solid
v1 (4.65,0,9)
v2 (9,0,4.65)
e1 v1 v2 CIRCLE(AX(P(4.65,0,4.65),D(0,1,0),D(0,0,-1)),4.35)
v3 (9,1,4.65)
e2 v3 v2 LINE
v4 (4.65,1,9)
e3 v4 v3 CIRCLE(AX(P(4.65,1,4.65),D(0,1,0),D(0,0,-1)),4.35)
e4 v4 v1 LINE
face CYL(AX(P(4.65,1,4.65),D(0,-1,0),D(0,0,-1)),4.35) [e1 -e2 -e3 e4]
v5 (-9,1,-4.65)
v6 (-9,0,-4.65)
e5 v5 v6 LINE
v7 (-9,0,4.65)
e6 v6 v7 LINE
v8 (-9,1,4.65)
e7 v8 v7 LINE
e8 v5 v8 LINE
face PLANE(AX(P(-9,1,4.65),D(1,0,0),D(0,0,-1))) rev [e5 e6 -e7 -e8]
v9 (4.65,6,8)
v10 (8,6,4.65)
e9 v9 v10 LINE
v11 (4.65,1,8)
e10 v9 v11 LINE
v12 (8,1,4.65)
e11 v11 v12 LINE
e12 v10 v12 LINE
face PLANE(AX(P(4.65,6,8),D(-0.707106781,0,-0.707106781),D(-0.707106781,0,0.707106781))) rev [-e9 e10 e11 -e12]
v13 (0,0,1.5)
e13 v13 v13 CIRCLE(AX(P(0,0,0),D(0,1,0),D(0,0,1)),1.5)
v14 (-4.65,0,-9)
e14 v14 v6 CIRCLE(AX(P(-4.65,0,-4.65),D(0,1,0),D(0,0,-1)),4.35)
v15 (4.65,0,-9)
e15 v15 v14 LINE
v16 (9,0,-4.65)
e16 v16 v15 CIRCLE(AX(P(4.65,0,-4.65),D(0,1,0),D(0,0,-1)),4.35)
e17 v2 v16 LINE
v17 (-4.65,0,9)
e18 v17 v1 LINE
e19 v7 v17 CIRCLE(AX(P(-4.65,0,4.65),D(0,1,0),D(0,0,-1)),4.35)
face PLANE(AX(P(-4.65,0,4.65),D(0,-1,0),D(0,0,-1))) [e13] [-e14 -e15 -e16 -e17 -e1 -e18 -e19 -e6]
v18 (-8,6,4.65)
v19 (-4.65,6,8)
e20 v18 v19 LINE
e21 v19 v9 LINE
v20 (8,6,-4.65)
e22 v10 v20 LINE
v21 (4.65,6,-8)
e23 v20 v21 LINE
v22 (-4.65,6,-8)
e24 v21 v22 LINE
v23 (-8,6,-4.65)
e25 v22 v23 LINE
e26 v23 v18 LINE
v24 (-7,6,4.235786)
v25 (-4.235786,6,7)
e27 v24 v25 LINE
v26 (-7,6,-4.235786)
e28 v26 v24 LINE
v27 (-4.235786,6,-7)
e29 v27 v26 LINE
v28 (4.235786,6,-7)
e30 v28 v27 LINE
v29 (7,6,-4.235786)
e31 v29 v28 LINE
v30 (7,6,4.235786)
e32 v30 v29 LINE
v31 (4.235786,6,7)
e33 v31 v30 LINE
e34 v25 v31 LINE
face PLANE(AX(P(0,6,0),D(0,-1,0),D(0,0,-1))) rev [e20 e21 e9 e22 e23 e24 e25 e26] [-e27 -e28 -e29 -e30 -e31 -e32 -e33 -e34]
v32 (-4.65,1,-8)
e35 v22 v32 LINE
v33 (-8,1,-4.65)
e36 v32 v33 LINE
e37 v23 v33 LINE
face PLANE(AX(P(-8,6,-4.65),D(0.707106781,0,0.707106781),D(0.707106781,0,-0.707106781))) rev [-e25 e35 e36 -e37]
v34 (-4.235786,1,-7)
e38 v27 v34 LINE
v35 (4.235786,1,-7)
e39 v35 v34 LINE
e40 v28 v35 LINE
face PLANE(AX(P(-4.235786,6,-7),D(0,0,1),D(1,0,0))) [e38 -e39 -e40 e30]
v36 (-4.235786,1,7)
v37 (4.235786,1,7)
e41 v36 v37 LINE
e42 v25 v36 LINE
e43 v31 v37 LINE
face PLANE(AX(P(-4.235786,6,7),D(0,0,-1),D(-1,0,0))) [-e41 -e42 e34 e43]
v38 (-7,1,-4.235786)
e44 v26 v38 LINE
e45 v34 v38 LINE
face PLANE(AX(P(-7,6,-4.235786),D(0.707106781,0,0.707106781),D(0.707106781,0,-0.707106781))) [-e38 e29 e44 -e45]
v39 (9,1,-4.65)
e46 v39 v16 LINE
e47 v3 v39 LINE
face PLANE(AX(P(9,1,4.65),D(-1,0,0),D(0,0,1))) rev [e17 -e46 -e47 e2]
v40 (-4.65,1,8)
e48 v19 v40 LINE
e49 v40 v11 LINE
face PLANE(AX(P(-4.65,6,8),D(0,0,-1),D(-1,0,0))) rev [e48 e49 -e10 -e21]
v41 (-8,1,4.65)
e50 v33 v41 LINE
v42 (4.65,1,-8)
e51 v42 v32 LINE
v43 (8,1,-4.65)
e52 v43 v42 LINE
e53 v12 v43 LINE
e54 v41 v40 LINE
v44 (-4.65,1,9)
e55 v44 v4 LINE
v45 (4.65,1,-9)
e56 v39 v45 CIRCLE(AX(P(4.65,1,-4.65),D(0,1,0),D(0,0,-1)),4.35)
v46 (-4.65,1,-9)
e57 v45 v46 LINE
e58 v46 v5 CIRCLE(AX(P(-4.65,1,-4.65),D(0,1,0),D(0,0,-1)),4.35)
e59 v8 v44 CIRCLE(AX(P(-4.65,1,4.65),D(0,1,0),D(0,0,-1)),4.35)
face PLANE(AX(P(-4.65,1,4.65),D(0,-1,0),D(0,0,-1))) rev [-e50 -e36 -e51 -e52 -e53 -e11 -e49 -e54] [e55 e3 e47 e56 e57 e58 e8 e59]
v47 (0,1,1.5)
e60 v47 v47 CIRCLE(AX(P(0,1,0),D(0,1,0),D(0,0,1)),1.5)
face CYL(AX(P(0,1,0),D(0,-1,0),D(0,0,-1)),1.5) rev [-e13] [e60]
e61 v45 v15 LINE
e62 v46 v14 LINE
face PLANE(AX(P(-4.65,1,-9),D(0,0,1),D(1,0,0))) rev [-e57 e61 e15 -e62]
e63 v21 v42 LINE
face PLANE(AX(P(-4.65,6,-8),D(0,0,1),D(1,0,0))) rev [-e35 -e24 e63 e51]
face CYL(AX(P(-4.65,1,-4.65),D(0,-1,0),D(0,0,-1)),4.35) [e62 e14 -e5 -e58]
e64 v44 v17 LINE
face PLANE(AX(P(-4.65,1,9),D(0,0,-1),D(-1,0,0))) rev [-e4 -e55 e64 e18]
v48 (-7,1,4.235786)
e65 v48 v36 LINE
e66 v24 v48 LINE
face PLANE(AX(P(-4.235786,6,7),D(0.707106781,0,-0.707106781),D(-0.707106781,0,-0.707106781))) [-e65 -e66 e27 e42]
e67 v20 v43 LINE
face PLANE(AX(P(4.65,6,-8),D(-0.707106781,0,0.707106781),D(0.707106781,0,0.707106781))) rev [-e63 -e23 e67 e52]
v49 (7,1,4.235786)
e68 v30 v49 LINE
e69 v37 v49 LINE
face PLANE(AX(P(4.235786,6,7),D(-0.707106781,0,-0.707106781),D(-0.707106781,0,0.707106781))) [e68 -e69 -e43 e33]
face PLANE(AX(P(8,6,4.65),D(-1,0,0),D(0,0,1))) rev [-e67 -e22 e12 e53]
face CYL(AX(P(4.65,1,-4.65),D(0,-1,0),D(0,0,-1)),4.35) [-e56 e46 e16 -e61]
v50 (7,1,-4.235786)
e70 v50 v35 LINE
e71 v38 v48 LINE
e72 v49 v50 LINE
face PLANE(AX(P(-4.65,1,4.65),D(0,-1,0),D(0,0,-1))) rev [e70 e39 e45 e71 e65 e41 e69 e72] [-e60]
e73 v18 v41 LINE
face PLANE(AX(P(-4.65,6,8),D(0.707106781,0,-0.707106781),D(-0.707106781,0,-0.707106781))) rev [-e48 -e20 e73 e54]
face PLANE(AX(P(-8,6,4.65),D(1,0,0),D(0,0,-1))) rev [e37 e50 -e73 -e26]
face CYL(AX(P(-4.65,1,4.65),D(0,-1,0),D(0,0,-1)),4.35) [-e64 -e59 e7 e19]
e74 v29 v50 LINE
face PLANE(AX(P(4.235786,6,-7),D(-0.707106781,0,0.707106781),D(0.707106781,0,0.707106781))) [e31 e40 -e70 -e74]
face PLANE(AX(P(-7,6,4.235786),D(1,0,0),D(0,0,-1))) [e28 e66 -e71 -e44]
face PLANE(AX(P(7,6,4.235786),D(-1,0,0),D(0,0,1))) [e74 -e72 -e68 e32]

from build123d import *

# Parameters (mm, degrees)
SKETCH1_R           = 1.5
BOSS_EXTRUDE1_DEPTH = 1
BOSS_EXTRUDE2_DEPTH = 5


with BuildPart() as part:
    # Sketch1 → Boss-Extrude1 (new body)
    with BuildSketch(Plane(origin=(0, 0, 0), x_dir=(1, 0, 0), z_dir=(0, 1, 0))):
        with BuildLine():
            Line((-4.65, -9), (4.65, -9))
            ThreePointArc((4.65, -9), (7.725914498, -7.725914498), (9, -4.65))
            Line((9, -4.65), (9, 4.65))
            ThreePointArc((9, 4.65), (7.725914498, 7.725914498), (4.65, 9))
            Line((4.65, 9), (-4.65, 9))
            ThreePointArc((-4.65, 9), (-7.725914498, 7.725914498), (-9, 4.65))
            Line((-9, 4.65), (-9, -4.65))
            ThreePointArc((-9, -4.65), (-7.725914498, -7.725914498), (-4.65, -9))
        make_face()
        Circle(SKETCH1_R, mode=Mode.SUBTRACT)
    extrude(amount=BOSS_EXTRUDE1_DEPTH)

    # Sketch2 → Boss-Extrude2 (add)
    with BuildSketch(Plane(origin=(0, 1, 0), x_dir=(1, 0, 0), z_dir=(0, 1, 0))):
        Polygon((-8, 4.65), (-4.65, 8), (4.65, 8), (8, 4.65), (8, -4.65), (4.65, -8), (-4.65, -8), (-8, -4.65), align=None)
        Polygon((-7, 4.235786438), (-4.235786438, 7), (4.235786438, 7), (7, 4.235786438), (7, -4.235786438), (4.235786438, -7), (-4.235786438, -7), (-7, -4.235786438), align=None, mode=Mode.SUBTRACT)
    extrude(amount=BOSS_EXTRUDE2_DEPTH)


solid = part.part
